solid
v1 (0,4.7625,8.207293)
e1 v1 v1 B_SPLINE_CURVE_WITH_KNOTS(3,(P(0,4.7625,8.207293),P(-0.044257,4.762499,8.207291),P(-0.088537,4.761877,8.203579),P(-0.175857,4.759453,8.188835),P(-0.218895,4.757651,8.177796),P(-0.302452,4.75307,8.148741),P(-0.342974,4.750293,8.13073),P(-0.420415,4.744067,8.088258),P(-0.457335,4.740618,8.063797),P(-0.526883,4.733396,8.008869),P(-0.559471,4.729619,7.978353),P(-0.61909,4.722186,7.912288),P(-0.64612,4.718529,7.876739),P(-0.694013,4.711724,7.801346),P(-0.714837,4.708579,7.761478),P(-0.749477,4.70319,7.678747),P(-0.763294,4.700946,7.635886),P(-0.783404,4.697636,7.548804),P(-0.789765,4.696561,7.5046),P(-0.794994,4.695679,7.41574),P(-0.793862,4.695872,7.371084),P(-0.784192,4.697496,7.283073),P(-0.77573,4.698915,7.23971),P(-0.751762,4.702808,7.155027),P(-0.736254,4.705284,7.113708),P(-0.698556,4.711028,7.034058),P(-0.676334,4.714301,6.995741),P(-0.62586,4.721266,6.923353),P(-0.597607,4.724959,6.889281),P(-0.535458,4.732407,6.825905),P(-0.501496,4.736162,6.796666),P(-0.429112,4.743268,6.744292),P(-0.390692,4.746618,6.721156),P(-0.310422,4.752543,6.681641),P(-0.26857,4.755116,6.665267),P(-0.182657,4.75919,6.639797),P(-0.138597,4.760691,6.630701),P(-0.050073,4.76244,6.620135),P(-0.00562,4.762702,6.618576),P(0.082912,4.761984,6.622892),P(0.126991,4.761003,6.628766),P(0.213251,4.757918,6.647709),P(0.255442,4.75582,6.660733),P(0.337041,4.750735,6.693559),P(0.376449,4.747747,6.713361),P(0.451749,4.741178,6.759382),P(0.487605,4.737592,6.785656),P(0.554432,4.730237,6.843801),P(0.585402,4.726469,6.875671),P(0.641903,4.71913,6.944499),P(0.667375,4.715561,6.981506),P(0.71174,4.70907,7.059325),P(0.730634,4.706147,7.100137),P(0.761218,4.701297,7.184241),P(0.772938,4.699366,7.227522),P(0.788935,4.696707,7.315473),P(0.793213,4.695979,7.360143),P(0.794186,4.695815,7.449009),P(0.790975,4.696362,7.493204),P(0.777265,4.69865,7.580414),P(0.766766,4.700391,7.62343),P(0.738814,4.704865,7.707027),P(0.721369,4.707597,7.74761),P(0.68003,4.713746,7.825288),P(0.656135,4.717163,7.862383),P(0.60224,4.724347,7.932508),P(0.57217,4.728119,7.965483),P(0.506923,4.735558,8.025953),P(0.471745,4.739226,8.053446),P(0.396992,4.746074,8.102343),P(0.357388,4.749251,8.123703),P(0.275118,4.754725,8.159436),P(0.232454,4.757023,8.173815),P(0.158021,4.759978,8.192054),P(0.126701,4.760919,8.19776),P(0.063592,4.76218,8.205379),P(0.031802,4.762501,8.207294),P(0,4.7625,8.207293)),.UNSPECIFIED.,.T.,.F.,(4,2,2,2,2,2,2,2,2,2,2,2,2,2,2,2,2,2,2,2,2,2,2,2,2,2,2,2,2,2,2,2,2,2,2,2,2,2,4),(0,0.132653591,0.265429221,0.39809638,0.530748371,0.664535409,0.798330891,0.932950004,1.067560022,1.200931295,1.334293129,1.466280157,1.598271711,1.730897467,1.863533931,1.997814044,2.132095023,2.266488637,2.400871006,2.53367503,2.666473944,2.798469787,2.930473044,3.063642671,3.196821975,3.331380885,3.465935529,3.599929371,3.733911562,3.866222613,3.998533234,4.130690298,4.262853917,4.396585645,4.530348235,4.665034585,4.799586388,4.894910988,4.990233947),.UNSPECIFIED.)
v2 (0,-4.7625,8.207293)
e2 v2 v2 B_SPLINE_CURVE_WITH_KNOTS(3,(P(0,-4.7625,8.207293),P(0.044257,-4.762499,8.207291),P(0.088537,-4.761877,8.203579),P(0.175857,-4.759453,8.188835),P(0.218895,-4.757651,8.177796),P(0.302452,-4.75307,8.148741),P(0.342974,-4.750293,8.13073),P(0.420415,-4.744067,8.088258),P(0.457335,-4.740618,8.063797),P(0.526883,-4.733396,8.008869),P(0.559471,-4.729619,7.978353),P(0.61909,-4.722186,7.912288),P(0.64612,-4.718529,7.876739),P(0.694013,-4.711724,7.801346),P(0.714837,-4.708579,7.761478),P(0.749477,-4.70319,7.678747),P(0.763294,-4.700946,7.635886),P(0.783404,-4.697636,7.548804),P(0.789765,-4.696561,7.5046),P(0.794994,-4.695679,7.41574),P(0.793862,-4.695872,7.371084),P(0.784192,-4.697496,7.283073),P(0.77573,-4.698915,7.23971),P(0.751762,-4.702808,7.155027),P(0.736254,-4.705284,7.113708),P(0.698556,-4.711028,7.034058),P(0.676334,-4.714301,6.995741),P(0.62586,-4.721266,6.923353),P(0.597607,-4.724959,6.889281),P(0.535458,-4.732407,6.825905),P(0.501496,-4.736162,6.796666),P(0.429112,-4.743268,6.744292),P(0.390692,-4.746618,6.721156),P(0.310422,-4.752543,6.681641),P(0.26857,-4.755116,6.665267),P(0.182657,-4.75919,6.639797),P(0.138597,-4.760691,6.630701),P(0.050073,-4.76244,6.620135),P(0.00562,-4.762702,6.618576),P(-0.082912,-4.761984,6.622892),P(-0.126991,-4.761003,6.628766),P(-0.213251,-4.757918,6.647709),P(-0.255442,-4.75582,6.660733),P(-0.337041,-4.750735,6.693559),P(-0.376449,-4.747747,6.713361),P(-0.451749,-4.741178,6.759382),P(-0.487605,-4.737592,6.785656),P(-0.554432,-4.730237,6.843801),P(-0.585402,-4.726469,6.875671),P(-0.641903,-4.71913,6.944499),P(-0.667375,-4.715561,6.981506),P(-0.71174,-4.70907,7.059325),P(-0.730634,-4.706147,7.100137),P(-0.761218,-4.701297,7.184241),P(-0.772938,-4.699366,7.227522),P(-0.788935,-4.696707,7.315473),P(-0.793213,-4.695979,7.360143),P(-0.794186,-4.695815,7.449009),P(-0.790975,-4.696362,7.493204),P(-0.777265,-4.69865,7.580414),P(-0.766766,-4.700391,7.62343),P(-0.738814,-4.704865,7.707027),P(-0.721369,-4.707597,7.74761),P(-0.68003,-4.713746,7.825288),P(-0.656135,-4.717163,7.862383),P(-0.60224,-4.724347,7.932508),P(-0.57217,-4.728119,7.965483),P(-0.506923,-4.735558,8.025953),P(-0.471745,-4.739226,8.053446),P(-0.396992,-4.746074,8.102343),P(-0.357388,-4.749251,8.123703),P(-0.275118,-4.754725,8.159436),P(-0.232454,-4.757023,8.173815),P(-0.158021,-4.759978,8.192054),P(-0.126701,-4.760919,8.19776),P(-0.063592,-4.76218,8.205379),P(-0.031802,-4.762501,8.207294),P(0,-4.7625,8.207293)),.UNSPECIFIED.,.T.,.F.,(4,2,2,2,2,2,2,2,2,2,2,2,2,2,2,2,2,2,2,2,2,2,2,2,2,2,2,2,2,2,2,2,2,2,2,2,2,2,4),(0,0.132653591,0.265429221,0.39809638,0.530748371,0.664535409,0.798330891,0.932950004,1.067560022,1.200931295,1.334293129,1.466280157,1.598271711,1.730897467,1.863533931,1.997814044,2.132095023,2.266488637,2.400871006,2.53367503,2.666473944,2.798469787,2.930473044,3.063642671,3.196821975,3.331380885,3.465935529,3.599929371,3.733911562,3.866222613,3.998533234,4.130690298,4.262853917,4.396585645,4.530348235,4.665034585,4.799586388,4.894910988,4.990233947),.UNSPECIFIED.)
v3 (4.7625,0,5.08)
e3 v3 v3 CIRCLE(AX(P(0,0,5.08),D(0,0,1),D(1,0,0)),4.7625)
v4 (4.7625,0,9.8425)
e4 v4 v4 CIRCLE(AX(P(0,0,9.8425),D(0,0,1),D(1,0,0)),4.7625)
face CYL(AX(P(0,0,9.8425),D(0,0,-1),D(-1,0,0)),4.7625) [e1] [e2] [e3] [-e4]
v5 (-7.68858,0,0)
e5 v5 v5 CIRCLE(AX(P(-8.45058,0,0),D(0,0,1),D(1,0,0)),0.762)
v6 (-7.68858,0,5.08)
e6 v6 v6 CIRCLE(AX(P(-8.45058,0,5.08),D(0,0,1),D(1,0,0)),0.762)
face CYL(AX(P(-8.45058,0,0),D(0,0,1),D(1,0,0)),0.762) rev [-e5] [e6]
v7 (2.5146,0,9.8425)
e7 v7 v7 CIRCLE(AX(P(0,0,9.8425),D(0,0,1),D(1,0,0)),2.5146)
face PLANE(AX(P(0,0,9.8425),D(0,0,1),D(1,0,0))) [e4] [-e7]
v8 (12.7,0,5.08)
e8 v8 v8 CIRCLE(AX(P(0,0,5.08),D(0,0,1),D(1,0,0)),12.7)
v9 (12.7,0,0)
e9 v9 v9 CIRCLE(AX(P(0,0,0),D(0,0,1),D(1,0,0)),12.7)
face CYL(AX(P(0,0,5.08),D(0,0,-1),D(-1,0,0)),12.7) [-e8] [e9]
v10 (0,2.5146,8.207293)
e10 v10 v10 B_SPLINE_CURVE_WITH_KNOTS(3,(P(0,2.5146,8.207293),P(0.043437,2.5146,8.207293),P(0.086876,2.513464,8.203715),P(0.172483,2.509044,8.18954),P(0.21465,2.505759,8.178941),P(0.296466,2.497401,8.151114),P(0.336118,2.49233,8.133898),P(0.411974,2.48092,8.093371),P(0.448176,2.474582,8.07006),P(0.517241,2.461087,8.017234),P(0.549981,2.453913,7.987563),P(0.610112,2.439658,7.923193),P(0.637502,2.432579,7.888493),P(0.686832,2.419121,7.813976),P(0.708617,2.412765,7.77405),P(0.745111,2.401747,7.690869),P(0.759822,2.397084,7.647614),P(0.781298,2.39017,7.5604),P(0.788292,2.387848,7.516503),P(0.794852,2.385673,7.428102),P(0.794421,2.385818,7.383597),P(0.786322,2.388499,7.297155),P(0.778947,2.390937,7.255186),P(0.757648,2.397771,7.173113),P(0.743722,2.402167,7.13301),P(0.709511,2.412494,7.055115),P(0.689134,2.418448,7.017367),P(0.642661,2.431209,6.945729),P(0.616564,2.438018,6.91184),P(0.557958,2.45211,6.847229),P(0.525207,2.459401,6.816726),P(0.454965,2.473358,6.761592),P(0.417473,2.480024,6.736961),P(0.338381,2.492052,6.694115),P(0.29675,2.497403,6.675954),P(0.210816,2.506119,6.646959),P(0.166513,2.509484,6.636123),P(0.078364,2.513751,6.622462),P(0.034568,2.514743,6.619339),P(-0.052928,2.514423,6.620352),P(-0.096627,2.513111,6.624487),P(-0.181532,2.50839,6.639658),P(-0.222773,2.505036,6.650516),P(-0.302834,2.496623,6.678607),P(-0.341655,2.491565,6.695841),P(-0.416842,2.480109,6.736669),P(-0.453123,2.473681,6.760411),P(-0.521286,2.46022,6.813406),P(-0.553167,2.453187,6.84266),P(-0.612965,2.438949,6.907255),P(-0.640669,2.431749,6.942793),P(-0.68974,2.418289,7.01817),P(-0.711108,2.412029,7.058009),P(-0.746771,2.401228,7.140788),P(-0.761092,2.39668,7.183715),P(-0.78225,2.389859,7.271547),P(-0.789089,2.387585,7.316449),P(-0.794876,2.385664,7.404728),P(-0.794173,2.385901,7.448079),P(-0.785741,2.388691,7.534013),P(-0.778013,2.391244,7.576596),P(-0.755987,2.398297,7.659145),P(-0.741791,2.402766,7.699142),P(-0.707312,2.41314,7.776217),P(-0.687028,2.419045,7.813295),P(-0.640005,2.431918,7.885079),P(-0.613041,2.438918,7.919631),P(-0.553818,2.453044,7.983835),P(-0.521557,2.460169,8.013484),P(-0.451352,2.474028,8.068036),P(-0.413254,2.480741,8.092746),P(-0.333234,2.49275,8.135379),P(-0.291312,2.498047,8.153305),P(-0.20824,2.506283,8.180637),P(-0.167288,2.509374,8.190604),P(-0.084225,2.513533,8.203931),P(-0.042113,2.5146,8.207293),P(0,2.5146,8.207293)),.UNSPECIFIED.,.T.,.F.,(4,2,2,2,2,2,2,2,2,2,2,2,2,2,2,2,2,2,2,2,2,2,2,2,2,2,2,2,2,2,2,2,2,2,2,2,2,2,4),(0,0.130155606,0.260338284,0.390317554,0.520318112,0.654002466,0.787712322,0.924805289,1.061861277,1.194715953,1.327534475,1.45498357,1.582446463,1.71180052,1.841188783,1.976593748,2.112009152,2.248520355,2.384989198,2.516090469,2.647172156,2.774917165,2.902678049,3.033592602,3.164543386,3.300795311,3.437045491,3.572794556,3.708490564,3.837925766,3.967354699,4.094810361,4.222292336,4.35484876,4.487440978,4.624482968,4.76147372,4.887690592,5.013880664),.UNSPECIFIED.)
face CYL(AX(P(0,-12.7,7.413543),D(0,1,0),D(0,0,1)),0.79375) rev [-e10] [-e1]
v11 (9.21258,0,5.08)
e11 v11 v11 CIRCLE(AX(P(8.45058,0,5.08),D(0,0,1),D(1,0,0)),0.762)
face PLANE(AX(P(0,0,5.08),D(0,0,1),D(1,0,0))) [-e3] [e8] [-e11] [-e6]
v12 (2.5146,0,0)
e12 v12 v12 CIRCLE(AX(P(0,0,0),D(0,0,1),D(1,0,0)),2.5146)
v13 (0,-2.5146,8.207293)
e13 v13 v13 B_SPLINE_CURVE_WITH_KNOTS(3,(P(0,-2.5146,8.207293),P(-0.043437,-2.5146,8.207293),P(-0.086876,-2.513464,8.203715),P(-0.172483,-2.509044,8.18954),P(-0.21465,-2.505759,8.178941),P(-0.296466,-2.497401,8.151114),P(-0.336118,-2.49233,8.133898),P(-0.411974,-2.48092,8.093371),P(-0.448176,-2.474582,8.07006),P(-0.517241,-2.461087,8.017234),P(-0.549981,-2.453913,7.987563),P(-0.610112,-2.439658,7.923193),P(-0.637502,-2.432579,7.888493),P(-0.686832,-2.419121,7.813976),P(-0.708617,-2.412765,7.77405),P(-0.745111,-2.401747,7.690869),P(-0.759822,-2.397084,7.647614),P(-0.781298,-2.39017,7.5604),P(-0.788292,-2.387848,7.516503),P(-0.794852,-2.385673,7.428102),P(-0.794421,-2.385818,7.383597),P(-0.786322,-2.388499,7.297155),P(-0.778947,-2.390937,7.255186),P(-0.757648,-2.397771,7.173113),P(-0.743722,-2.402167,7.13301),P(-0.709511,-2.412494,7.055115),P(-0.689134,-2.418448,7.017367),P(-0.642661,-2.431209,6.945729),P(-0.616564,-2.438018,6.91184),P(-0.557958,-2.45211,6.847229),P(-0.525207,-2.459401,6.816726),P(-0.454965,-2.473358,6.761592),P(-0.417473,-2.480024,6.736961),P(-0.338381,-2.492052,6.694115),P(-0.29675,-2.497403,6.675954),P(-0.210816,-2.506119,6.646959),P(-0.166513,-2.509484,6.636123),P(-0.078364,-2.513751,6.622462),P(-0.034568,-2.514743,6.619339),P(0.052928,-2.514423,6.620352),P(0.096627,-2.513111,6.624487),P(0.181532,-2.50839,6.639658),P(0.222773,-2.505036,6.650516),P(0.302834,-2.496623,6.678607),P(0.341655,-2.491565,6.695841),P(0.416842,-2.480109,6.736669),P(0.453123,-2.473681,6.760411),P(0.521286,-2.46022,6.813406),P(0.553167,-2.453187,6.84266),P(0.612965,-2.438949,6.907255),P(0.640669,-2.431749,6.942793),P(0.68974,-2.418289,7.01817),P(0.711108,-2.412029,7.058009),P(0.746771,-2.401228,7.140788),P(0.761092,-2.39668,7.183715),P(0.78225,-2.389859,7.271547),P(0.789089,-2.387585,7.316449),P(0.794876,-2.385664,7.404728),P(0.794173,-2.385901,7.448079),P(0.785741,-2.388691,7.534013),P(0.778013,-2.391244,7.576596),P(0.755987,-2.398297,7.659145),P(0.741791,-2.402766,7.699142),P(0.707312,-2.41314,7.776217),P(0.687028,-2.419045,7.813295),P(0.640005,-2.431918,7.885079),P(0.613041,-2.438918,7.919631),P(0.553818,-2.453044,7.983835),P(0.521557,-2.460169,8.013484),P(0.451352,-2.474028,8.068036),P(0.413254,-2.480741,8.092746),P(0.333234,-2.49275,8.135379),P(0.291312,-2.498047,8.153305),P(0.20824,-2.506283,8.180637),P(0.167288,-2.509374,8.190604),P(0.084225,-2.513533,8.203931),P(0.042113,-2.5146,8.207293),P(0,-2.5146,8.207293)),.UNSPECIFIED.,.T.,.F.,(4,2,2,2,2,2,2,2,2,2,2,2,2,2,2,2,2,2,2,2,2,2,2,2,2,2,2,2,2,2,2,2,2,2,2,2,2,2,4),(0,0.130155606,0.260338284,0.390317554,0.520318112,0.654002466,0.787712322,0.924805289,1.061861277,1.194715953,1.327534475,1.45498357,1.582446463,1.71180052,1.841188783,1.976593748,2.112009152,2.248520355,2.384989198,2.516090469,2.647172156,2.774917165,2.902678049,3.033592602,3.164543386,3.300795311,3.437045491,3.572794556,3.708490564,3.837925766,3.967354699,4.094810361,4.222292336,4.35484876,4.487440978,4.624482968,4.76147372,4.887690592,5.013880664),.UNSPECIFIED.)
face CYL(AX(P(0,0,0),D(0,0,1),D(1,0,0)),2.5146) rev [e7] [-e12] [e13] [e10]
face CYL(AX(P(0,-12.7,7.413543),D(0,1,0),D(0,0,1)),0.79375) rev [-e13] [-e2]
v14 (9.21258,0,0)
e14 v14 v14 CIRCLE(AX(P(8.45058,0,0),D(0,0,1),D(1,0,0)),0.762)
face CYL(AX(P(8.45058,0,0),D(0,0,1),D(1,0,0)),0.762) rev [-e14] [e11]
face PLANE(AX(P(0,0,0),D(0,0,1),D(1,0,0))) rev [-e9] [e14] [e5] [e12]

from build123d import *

# Parameters (mm, degrees)
SKETCH1_R           = 12.7
BOSS_EXTRUDE1_DEPTH = 5.08
SKETCH2_R           = 0.762
CUT_EXTRUDE1_DEPTH  = 19.66511184
SKETCH3_R           = 4.7625
BOSS_EXTRUDE2_DEPTH = 4.7625
SKETCH4_R           = 2.5146
CUT_EXTRUDE2_DEPTH  = 21.480595847
SKETCH5_R           = 0.79375
CUT_EXTRUDE3_DEPTH  = 24.964415416


with BuildPart() as part:
    # Sketch1 → Boss-Extrude1 (new body)
    with BuildSketch(Plane.XY):
        Circle(SKETCH1_R)
    extrude(amount=BOSS_EXTRUDE1_DEPTH)

    # Sketch2 → Cut-Extrude1 (cut, through all)
    with BuildSketch(Plane.XY.offset(5.08)):
        with Locations((-8.45058, 0)):
            Circle(SKETCH2_R)
        with Locations((8.45058, 0)):
            Circle(SKETCH2_R)
    extrude(amount=-CUT_EXTRUDE1_DEPTH, mode=Mode.SUBTRACT)

    # Sketch3 → Boss-Extrude2 (add)
    with BuildSketch(Plane.XY.offset(5.08)):
        with Locations(Location((0, 0, 0), (0, 0, 180))):
            Circle(SKETCH3_R)
    extrude(amount=BOSS_EXTRUDE2_DEPTH)

    # Sketch4 → Cut-Extrude2 (cut, through all)
    with BuildSketch(Plane.XY.offset(9.8425)):
        Circle(SKETCH4_R)
    extrude(amount=-CUT_EXTRUDE2_DEPTH, mode=Mode.SUBTRACT)

    # Sketch5 → Cut-Extrude3 (cut, through all)
    with BuildSketch(Plane(origin=(0, 5.08, 0), x_dir=(1, 0, 0), z_dir=(0, 1, 0))):
        with Locations(Location((0, -7.413542721, 0), (0, 0, 270))):
            Circle(SKETCH5_R)
    extrude(amount=-CUT_EXTRUDE3_DEPTH, mode=Mode.SUBTRACT)


solid = part.part
